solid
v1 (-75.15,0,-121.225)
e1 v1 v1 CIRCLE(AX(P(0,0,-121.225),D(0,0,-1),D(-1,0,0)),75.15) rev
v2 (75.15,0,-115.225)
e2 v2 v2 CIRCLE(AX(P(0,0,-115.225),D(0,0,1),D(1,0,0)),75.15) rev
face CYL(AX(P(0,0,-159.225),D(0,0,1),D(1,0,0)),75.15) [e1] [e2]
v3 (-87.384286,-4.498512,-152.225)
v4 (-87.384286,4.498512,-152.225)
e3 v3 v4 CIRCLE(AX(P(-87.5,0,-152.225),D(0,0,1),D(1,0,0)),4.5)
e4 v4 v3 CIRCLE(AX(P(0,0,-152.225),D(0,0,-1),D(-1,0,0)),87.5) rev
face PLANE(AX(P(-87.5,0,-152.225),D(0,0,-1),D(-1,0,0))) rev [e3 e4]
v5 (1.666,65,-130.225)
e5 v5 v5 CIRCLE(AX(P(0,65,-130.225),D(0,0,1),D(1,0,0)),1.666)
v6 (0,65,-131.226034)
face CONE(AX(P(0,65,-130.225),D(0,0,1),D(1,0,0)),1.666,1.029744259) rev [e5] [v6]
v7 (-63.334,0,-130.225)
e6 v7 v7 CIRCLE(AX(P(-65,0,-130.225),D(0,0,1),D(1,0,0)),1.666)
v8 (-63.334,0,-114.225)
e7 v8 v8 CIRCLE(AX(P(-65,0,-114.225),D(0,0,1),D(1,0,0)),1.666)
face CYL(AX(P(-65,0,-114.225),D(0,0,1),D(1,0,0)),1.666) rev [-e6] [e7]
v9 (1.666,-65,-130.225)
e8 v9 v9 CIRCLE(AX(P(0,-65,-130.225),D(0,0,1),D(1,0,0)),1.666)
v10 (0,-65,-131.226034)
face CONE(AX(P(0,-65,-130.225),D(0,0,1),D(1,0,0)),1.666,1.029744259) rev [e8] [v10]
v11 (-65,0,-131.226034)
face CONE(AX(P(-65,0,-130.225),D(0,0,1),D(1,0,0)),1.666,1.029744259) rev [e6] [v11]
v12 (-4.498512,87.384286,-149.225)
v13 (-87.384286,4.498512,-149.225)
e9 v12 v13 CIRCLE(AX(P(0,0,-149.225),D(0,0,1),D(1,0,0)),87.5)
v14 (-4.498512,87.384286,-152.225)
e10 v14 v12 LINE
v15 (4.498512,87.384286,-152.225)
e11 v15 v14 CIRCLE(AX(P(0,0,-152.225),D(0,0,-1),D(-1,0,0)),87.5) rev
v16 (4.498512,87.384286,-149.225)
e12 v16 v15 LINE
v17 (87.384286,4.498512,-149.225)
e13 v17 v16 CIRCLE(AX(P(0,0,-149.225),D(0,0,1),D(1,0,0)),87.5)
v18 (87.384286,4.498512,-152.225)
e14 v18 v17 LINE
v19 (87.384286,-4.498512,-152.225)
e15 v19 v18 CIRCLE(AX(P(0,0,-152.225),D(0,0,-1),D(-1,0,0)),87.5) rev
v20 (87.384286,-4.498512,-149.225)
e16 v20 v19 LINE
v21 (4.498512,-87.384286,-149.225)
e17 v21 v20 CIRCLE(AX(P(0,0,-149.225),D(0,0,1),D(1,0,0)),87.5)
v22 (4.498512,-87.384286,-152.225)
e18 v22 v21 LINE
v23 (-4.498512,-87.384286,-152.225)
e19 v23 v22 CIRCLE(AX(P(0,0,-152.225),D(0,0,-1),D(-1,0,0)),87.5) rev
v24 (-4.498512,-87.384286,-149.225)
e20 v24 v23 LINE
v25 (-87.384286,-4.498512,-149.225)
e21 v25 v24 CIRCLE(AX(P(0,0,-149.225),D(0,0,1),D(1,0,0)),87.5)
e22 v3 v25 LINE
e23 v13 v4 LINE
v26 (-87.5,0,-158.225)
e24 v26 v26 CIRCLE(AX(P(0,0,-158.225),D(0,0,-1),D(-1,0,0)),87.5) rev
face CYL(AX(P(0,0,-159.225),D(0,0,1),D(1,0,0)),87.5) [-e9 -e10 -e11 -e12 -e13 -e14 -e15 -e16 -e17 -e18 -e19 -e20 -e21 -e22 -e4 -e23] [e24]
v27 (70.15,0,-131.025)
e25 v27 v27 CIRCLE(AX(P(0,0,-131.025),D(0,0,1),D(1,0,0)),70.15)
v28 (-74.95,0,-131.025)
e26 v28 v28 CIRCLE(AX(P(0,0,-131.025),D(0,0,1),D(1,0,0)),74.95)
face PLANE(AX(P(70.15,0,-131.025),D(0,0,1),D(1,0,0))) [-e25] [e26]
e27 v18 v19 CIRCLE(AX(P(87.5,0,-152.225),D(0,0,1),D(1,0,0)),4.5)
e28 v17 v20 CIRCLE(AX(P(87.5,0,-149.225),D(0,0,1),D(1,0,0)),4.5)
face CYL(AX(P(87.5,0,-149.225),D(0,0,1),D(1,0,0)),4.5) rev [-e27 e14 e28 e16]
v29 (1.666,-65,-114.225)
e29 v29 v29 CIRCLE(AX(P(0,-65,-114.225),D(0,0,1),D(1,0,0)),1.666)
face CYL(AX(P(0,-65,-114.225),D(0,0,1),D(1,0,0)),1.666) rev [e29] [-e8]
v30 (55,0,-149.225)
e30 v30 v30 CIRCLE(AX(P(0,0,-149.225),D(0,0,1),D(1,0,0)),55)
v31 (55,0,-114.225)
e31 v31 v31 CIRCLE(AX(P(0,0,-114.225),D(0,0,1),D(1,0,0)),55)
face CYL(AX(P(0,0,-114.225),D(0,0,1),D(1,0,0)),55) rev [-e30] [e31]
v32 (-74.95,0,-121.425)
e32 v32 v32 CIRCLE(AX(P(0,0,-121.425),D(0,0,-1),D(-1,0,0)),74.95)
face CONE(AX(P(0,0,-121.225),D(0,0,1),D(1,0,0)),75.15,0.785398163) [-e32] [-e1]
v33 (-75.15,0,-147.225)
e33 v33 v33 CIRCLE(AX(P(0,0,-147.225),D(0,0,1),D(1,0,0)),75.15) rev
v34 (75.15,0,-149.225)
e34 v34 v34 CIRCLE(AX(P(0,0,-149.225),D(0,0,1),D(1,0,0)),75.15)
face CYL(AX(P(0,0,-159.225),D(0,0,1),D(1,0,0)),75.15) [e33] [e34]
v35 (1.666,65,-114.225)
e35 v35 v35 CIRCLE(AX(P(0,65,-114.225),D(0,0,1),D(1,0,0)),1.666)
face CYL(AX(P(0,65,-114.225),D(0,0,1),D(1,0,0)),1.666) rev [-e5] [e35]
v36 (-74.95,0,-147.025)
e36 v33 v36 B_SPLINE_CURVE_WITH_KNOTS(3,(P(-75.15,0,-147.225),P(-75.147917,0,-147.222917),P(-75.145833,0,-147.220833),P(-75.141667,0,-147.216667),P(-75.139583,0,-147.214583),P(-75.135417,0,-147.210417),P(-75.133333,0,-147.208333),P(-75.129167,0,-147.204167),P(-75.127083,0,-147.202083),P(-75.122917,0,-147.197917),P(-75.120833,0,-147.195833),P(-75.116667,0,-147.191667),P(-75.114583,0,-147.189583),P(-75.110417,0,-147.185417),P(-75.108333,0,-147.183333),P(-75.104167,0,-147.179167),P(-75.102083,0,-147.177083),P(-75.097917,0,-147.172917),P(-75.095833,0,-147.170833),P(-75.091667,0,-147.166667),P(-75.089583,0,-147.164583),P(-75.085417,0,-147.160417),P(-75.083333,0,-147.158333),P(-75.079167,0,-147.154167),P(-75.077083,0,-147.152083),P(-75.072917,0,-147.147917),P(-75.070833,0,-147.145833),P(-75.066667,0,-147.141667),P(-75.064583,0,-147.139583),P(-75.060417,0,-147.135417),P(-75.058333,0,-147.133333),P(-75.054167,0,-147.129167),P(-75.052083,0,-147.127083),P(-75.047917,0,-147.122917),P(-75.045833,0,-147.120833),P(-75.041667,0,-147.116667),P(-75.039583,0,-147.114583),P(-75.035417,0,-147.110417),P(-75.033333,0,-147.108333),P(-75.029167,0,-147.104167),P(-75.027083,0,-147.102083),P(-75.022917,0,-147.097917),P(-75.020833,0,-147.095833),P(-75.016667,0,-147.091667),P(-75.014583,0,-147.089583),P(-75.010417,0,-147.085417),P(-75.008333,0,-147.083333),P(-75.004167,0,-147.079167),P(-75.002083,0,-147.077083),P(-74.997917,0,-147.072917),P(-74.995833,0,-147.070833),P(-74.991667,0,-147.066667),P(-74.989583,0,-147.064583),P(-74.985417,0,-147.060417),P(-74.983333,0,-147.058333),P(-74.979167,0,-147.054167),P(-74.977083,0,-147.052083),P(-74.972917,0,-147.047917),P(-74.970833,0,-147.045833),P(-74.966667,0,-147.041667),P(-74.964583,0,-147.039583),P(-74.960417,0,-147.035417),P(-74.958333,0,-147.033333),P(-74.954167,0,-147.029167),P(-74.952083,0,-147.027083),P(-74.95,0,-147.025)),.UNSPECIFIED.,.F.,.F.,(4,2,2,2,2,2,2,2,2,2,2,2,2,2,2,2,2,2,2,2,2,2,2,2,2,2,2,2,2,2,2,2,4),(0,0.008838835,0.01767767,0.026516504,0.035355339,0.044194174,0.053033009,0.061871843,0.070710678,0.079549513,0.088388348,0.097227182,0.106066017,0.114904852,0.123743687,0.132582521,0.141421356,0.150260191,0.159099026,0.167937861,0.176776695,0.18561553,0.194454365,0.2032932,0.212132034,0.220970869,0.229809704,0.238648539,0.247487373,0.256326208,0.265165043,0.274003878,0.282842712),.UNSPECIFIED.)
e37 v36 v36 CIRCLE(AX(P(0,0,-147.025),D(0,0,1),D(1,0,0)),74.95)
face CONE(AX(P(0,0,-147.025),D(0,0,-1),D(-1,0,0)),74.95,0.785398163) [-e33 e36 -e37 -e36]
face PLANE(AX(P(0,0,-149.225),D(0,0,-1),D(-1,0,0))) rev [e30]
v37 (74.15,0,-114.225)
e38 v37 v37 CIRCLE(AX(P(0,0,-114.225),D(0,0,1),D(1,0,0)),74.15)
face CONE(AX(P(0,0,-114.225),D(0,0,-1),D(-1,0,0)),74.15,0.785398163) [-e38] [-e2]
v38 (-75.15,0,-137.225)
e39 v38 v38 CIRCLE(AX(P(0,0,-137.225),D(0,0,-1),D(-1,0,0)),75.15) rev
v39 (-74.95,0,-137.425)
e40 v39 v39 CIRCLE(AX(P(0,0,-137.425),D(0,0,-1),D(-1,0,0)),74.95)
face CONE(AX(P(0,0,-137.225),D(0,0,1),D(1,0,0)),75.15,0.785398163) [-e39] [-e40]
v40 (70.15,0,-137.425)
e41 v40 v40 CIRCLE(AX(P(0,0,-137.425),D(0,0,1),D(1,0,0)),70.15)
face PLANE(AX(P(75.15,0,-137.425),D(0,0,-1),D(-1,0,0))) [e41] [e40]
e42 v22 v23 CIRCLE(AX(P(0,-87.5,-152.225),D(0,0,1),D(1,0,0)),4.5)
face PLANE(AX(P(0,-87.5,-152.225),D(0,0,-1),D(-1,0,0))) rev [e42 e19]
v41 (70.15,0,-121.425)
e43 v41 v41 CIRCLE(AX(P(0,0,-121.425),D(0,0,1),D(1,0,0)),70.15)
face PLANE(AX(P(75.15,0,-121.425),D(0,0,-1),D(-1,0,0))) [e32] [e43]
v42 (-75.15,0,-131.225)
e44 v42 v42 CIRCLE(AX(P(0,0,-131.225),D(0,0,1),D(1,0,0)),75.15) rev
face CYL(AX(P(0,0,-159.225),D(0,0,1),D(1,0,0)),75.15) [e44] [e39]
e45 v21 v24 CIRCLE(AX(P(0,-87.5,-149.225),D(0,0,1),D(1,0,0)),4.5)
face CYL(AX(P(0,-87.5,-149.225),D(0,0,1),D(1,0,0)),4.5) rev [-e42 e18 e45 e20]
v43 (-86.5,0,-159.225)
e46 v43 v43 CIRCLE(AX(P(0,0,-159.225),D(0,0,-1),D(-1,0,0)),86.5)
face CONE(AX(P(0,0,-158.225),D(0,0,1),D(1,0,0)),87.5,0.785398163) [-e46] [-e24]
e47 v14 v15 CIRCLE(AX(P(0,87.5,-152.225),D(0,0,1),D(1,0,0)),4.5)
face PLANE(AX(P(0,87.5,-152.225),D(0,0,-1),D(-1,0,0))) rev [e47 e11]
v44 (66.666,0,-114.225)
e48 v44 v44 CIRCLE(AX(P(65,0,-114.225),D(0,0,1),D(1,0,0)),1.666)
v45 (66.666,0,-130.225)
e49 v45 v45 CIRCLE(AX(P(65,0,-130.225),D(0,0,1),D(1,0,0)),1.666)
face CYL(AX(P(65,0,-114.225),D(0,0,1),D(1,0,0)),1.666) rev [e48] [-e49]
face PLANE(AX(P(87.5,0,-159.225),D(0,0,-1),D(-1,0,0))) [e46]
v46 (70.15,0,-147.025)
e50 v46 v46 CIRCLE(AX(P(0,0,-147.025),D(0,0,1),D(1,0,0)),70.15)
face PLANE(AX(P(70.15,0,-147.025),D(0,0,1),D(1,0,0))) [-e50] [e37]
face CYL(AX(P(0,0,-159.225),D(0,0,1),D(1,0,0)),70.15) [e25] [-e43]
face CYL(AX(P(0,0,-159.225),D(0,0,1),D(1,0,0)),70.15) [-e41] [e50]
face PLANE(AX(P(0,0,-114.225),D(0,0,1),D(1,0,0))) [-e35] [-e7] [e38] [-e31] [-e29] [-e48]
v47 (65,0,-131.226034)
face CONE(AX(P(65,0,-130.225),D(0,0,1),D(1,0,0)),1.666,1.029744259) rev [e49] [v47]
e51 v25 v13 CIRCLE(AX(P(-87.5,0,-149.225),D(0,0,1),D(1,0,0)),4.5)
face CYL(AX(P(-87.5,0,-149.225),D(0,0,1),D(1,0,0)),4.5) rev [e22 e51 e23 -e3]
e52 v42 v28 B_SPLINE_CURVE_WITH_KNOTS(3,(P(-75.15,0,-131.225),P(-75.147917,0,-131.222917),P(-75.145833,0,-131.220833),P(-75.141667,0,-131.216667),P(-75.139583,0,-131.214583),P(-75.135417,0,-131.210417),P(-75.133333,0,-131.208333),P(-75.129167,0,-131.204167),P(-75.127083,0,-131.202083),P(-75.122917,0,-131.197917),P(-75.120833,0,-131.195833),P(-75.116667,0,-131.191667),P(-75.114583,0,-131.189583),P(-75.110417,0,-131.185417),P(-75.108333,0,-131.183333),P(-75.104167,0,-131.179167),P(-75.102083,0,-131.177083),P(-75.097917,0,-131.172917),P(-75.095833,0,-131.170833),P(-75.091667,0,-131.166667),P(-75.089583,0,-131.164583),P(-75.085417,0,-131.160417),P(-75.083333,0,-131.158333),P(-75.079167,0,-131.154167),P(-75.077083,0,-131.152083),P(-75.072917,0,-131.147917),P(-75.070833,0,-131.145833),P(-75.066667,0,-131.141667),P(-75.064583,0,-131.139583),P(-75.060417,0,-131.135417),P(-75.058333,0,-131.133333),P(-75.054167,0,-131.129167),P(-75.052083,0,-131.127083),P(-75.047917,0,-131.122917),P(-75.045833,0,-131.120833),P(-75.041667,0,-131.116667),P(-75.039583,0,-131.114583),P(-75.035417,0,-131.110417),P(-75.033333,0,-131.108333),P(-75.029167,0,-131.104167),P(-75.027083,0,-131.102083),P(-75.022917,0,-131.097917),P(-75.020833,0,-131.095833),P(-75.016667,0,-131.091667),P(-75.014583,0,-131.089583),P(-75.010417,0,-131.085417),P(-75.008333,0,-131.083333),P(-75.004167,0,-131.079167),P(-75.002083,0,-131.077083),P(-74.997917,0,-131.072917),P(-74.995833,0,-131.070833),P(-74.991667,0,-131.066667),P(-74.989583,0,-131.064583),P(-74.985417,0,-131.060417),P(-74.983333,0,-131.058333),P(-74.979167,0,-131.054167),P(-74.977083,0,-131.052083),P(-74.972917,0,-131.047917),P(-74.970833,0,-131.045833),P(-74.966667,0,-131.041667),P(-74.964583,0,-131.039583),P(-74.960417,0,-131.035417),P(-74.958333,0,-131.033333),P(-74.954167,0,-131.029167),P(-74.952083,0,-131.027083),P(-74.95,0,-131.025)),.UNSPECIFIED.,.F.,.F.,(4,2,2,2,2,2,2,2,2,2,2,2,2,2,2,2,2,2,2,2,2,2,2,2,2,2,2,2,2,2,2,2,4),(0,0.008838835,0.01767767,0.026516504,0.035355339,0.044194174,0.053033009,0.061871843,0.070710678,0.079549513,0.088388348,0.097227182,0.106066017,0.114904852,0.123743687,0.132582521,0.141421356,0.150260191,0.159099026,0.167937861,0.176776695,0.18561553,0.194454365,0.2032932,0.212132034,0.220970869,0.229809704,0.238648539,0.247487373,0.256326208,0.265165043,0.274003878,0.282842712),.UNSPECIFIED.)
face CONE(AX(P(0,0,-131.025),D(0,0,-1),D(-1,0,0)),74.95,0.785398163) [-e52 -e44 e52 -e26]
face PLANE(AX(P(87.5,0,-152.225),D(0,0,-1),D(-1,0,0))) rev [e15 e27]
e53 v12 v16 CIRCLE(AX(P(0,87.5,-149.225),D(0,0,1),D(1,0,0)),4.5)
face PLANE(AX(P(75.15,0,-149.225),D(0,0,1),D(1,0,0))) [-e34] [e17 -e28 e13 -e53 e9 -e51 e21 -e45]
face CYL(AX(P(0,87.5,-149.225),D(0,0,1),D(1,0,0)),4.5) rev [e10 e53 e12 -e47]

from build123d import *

# Parameters (mm, degrees)
DIAM_TRE_DU_PER_AGE_9_0_9_1_D     = 9
DIAM_TRE_DU_PER_AGE_9_0_9_1_DEPTH = 3
D_GAGEMENT_M31_D                  = 3.332
D_GAGEMENT_M31_DEPTH              = 16
D_GAGEMENT_M31_TIP                = 1.001033791
D_GAGEMENT_M1001_D                = 110
D_GAGEMENT_M1001_DEPTH            = 35
CHANFREIN1_SIZE                   = 0.2
CHANFREIN2_SIZE                   = 1


with BuildPart() as part:
    # Esquisse1 → Révolution1 (revolve)
    with BuildSketch(Plane(origin=(0, 0, 0), x_dir=(1, 0, 0), z_dir=(0, 1, 0))):
        Polygon((87.5, 159.225), (0, 159.225), (0, 114.225), (75.15, 114.225), (75.15, 121.425), (70.15, 121.425), (70.15, 131.025), (75.15, 131.025), (75.15, 137.425), (70.15, 137.425), (70.15, 147.025), (75.15, 147.025), (75.15, 149.225), (87.5, 149.225), align=None)
    revolve(axis=Axis((0, 0, -159.225), (0, 0, 1)))

    # Diamètre du perçage Ø9.0 (9)1
    with Locations(Plane.XY.offset(-149.225)):
        with Locations((-87.5, 0), (0, 87.5), (0, -87.5), (87.5, 0)):
            Hole(DIAM_TRE_DU_PER_AGE_9_0_9_1_D / 2, depth=DIAM_TRE_DU_PER_AGE_9_0_9_1_DEPTH)

    # Dégagement M31
    with Locations(Plane.XY.offset(-114.225)):
        with Locations((-65, 0), (65, 0), (0, 65), (0, -65)):
            Hole(D_GAGEMENT_M31_D / 2, depth=D_GAGEMENT_M31_DEPTH)
            with Locations((0, 0, -(D_GAGEMENT_M31_DEPTH + D_GAGEMENT_M31_TIP / 2))):  # 118° drill point
                Cone(0, D_GAGEMENT_M31_D / 2, D_GAGEMENT_M31_TIP, mode=Mode.SUBTRACT)

    # Dégagement M1001
    with Locations(Plane.XY.offset(-114.225)):
        with Locations((0, 0)):
            Hole(D_GAGEMENT_M1001_D / 2, depth=D_GAGEMENT_M1001_DEPTH)

    # Chanfrein1
    chanfrein1_edges = [part.edges().sort_by_distance(p)[0] for p in [
        (-75.15, 0, -147.025),
        (-75.15, 0, -137.425),
        (-75.15, 0, -131.025),
        (-75.15, 0, -121.425),
    ]]
    chamfer(chanfrein1_edges, length=CHANFREIN1_SIZE)

    # Chanfrein2
    chanfrein2_edges = [part.edges().sort_by_distance(p)[0] for p in [
        (-75.15, 0, -114.225),
        (-87.5, 0, -159.225),
    ]]
    chamfer(chanfrein2_edges, length=CHANFREIN2_SIZE)


solid = part.part
